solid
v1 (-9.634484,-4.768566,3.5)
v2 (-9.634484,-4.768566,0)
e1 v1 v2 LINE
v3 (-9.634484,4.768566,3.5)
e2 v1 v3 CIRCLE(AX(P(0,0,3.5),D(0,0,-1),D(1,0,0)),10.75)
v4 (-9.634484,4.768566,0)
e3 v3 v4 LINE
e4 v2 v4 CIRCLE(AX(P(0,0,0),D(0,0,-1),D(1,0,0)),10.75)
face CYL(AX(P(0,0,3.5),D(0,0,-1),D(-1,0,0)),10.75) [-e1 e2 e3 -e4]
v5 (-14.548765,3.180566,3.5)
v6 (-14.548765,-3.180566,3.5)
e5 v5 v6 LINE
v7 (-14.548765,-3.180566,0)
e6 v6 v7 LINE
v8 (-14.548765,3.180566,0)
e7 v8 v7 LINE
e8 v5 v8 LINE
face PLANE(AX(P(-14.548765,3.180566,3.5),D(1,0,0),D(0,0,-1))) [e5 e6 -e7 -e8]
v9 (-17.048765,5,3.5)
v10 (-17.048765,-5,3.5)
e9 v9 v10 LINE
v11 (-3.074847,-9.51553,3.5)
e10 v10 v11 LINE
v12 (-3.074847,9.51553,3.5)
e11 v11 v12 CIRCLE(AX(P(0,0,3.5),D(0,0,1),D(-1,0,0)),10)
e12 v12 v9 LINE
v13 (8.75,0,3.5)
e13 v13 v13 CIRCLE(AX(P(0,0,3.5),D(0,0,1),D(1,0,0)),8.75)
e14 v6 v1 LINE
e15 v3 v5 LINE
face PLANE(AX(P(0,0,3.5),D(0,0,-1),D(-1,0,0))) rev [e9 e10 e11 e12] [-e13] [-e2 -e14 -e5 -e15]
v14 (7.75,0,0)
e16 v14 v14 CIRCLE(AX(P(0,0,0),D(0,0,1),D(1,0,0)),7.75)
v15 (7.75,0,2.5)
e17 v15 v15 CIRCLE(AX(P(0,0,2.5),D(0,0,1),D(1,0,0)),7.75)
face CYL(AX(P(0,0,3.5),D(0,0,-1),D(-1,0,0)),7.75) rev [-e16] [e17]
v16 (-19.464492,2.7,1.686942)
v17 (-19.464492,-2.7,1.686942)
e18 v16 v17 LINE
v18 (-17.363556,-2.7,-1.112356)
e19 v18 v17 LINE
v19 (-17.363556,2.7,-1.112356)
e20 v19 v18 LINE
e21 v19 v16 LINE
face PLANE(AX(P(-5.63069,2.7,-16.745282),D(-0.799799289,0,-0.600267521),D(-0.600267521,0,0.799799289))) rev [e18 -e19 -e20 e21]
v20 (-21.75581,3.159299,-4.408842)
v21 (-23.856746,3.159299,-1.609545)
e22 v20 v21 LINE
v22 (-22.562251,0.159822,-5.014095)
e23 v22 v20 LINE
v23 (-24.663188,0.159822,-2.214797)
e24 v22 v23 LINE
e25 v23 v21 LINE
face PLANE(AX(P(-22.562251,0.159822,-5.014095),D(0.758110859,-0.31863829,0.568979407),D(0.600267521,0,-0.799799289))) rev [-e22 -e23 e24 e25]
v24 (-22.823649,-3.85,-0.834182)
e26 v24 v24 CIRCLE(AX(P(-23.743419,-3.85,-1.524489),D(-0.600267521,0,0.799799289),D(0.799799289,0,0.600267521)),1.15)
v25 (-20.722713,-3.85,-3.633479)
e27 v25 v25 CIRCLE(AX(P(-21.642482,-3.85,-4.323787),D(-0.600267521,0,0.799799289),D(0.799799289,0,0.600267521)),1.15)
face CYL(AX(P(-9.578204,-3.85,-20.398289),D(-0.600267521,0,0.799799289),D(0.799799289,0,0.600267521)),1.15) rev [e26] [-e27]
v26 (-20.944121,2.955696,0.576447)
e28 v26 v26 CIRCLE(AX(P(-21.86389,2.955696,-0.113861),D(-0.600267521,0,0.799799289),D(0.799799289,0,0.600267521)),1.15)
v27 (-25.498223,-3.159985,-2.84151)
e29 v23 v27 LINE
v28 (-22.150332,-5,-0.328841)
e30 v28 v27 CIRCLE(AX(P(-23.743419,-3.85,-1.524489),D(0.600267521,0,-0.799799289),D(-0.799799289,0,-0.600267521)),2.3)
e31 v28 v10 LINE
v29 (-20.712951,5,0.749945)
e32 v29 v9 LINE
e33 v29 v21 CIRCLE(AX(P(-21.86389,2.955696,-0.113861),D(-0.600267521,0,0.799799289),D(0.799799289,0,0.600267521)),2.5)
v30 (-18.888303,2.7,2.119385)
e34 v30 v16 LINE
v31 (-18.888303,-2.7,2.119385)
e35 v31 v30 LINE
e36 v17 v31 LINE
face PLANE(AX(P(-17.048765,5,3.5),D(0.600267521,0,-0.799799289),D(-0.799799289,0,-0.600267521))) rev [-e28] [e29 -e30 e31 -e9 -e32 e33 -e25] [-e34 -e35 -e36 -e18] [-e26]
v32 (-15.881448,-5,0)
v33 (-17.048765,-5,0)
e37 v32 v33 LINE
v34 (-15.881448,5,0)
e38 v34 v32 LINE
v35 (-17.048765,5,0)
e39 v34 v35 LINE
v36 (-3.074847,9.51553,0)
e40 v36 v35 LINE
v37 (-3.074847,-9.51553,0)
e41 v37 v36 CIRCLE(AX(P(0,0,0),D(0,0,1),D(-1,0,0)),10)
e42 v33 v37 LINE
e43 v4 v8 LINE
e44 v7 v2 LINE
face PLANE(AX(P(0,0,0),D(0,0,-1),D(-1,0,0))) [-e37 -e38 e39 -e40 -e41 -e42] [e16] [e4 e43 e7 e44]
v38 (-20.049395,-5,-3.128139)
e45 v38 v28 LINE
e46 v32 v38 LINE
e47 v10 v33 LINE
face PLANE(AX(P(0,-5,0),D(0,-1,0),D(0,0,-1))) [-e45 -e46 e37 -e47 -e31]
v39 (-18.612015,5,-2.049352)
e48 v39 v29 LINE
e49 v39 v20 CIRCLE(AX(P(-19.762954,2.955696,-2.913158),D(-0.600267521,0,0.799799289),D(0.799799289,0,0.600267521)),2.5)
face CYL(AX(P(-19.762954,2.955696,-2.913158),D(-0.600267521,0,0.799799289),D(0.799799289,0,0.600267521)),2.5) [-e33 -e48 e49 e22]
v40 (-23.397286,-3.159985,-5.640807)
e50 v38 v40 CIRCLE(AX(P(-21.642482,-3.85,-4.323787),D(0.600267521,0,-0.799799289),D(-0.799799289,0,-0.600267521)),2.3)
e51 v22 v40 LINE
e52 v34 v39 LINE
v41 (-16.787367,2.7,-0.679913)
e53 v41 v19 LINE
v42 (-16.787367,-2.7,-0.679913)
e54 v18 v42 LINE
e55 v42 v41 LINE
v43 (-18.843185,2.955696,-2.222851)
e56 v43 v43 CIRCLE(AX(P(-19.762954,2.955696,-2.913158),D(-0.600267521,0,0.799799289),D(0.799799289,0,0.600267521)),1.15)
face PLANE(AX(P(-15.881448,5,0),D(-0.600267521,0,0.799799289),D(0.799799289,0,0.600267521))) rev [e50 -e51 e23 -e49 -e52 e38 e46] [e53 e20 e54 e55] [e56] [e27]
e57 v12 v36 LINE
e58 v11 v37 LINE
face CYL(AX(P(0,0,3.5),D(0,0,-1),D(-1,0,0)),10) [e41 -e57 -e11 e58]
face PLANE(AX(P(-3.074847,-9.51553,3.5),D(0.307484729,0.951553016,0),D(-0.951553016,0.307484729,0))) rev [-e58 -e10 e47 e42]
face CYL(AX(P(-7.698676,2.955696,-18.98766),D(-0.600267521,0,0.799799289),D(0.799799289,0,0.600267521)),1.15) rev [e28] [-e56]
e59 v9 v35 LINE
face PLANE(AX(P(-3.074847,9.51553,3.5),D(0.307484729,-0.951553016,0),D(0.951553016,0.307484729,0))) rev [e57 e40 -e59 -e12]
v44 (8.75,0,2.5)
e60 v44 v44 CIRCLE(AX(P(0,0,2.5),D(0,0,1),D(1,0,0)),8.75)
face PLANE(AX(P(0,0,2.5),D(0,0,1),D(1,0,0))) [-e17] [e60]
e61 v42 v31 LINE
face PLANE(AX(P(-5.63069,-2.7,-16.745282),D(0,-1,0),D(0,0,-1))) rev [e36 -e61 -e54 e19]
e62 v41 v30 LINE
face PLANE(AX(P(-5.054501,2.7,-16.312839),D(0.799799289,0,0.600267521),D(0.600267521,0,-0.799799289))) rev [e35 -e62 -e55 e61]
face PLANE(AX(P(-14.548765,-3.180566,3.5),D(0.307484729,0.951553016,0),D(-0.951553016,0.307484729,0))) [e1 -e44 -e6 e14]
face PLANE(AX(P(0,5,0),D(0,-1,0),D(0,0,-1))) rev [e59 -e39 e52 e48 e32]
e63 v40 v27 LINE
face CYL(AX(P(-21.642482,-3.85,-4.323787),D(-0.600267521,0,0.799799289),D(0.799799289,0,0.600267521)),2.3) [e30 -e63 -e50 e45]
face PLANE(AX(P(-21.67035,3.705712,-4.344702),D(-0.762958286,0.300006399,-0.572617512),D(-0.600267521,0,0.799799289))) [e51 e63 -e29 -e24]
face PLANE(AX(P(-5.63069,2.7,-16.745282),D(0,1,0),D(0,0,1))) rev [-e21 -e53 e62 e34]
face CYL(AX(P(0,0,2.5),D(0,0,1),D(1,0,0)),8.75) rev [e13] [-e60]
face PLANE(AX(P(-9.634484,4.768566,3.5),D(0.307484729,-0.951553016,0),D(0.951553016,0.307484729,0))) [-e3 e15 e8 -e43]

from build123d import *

# Parameters (mm, degrees)
SKETCH_1_R           = 7.75
EXTRUDE_1_DEPTH      = 3.5
SKETCH_2_R           = 8.75
CUT_EXTRUDE_1_DEPTH  = 1
EXTRUDE_2_DEPTH      = 5
SKETCH_8_W           = 0.720416832
SKETCH_8_H           = 5.4
CUT_EXTRUDE_6_DEPTH  = 26.612556655
EXTRUDE_6_DEPTH      = 3.5
SKETCH_4_9_R         = 1.15
CUT_EXTRUDE_9_DEPTH  = 27.034467236
CUT_EXTRUDE_10_DEPTH = 3.5


with BuildPart() as part:
    # 草图1 → 凸台-拉伸1 (new body)
    with BuildSketch(Plane.XY):
        with BuildLine():
            Line((-3.074847287, 9.515530157), (-17.048765133, 5))
            Line((-17.048765133, 5), (-17.048765133, -5))
            Line((-17.048765133, -5), (-3.074847287, -9.515530157))
            ThreePointArc((-3.074847287, -9.515530157), (10, 0), (-3.074847287, 9.515530157))
        make_face()
        Circle(SKETCH_1_R, mode=Mode.SUBTRACT)
        with BuildLine():
            Line((-14.548765133, 3.180565718), (-14.548765133, -3.180565718))
            Line((-14.548765133, -3.180565718), (-9.63448381, -4.768566002))
            ThreePointArc((-9.63448381, -4.768566002), (-10.75, 0), (-9.63448381, 4.768566002))
            Line((-9.63448381, 4.768566002), (-14.548765133, 3.180565718))
        make_face(mode=Mode.SUBTRACT)
    extrude(amount=EXTRUDE_1_DEPTH)

    # 草图2 → 切除-拉伸1 (cut)
    with BuildSketch(Plane.XY.offset(3.5)):
        Circle(SKETCH_2_R)
    extrude(amount=-CUT_EXTRUDE_1_DEPTH, mode=Mode.SUBTRACT)

    # 草图3 → 凸台-拉伸2 (add, symmetric)
    with BuildSketch(Plane(origin=(0, 0, 0), x_dir=(1, 0, 0), z_dir=(0, 1, 0))):
        Polygon((-17.048765133, -3.5), (-24.66318775, 2.214797011), (-22.562251427, 5.014094523), (-15.881448124, 0), align=None)
    extrude(amount=EXTRUDE_2_DEPTH, both=True)

    # 草图8 → 切除-拉伸6 (cut, through all)
    with BuildSketch(Plane(origin=(-7.82335713, 0, 10.423878111), x_dir=(0.7997992893547787, 0, 0.6002675209834286), z_dir=(-0.6002675209834286, 0, 0.7997992893547787))):
        with Locations((-14.194862331, 0)):
            Rectangle(SKETCH_8_W, SKETCH_8_H)
    extrude(amount=-CUT_EXTRUDE_6_DEPTH, mode=Mode.SUBTRACT)

    # 草图4 → 凸台-拉伸6 (add)
    with BuildSketch(Plane(origin=(-7.82335713, 0, 10.423878111), x_dir=(0.7997992893547787, 0, 0.6002675209834286), z_dir=(-0.6002675209834286, 0, 0.7997992893547787))):
        with BuildLine():
            Line((-19.939913719, 3.705712142), (-22.099126281, -3.159985282))
            ThreePointArc((-22.099126281, -3.159985282), (-20.830616239, -5.955555875), (-17.913212318, -5))
            Line((-17.913212318, -5), (-17.348837919, 1.241173708))
            Line((-17.348837919, 1.241173708), (-16.116035743, 2.269506831))
            Line((-16.116035743, 2.269506831), (-16.116035743, 5))
            ThreePointArc((-16.116035743, 5), (-18.356590206, 5.323726244), (-19.939913719, 3.705712142))
        make_face()
    extrude(amount=-EXTRUDE_6_DEPTH)

    # 草图4<9> → 切除-拉伸9 (cut, through all)
    with BuildSketch(Plane(origin=(-7.82335713, 0, 10.423878111), x_dir=(0.7997992893547787, 0, 0.6002675209834286), z_dir=(-0.6002675209834286, 0, 0.7997992893547787))):
        with Locations((-17.555070747, 2.955696144)):
            Circle(SKETCH_4_9_R)
        with Locations((-19.905070747, -3.85)):
            Circle(SKETCH_4_9_R)
    extrude(amount=-CUT_EXTRUDE_9_DEPTH, mode=Mode.SUBTRACT)

    # 草图9 → 切除-拉伸10 (cut)
    with BuildSketch(Plane(origin=(-7.82335713, 0, 10.423878111), x_dir=(0.7997992893547787, 0, 0.6002675209834286), z_dir=(-0.6002675209834286, 0, 0.7997992893547787))):
        with BuildLine():
            Line((-21.055070747, 0.15982191), (-20.046766168, 3.15929852))
            ThreePointArc((-20.046766168, 3.15929852), (-19.725256431, 4.196781997), (-18.994105751, 5))
            Line((-18.994105751, 5), (-18.994105751, 5.471830363))
            Line((-18.994105751, 5.471830363), (-21.906262893, 5.471830363))
            Line((-21.906262893, 5.471830363), (-21.906262893, 0.15982191))
            Line((-21.906262893, 0.15982191), (-21.055070747, 0.15982191))
        make_face()
    extrude(amount=-CUT_EXTRUDE_10_DEPTH, mode=Mode.SUBTRACT)


solid = part.part
